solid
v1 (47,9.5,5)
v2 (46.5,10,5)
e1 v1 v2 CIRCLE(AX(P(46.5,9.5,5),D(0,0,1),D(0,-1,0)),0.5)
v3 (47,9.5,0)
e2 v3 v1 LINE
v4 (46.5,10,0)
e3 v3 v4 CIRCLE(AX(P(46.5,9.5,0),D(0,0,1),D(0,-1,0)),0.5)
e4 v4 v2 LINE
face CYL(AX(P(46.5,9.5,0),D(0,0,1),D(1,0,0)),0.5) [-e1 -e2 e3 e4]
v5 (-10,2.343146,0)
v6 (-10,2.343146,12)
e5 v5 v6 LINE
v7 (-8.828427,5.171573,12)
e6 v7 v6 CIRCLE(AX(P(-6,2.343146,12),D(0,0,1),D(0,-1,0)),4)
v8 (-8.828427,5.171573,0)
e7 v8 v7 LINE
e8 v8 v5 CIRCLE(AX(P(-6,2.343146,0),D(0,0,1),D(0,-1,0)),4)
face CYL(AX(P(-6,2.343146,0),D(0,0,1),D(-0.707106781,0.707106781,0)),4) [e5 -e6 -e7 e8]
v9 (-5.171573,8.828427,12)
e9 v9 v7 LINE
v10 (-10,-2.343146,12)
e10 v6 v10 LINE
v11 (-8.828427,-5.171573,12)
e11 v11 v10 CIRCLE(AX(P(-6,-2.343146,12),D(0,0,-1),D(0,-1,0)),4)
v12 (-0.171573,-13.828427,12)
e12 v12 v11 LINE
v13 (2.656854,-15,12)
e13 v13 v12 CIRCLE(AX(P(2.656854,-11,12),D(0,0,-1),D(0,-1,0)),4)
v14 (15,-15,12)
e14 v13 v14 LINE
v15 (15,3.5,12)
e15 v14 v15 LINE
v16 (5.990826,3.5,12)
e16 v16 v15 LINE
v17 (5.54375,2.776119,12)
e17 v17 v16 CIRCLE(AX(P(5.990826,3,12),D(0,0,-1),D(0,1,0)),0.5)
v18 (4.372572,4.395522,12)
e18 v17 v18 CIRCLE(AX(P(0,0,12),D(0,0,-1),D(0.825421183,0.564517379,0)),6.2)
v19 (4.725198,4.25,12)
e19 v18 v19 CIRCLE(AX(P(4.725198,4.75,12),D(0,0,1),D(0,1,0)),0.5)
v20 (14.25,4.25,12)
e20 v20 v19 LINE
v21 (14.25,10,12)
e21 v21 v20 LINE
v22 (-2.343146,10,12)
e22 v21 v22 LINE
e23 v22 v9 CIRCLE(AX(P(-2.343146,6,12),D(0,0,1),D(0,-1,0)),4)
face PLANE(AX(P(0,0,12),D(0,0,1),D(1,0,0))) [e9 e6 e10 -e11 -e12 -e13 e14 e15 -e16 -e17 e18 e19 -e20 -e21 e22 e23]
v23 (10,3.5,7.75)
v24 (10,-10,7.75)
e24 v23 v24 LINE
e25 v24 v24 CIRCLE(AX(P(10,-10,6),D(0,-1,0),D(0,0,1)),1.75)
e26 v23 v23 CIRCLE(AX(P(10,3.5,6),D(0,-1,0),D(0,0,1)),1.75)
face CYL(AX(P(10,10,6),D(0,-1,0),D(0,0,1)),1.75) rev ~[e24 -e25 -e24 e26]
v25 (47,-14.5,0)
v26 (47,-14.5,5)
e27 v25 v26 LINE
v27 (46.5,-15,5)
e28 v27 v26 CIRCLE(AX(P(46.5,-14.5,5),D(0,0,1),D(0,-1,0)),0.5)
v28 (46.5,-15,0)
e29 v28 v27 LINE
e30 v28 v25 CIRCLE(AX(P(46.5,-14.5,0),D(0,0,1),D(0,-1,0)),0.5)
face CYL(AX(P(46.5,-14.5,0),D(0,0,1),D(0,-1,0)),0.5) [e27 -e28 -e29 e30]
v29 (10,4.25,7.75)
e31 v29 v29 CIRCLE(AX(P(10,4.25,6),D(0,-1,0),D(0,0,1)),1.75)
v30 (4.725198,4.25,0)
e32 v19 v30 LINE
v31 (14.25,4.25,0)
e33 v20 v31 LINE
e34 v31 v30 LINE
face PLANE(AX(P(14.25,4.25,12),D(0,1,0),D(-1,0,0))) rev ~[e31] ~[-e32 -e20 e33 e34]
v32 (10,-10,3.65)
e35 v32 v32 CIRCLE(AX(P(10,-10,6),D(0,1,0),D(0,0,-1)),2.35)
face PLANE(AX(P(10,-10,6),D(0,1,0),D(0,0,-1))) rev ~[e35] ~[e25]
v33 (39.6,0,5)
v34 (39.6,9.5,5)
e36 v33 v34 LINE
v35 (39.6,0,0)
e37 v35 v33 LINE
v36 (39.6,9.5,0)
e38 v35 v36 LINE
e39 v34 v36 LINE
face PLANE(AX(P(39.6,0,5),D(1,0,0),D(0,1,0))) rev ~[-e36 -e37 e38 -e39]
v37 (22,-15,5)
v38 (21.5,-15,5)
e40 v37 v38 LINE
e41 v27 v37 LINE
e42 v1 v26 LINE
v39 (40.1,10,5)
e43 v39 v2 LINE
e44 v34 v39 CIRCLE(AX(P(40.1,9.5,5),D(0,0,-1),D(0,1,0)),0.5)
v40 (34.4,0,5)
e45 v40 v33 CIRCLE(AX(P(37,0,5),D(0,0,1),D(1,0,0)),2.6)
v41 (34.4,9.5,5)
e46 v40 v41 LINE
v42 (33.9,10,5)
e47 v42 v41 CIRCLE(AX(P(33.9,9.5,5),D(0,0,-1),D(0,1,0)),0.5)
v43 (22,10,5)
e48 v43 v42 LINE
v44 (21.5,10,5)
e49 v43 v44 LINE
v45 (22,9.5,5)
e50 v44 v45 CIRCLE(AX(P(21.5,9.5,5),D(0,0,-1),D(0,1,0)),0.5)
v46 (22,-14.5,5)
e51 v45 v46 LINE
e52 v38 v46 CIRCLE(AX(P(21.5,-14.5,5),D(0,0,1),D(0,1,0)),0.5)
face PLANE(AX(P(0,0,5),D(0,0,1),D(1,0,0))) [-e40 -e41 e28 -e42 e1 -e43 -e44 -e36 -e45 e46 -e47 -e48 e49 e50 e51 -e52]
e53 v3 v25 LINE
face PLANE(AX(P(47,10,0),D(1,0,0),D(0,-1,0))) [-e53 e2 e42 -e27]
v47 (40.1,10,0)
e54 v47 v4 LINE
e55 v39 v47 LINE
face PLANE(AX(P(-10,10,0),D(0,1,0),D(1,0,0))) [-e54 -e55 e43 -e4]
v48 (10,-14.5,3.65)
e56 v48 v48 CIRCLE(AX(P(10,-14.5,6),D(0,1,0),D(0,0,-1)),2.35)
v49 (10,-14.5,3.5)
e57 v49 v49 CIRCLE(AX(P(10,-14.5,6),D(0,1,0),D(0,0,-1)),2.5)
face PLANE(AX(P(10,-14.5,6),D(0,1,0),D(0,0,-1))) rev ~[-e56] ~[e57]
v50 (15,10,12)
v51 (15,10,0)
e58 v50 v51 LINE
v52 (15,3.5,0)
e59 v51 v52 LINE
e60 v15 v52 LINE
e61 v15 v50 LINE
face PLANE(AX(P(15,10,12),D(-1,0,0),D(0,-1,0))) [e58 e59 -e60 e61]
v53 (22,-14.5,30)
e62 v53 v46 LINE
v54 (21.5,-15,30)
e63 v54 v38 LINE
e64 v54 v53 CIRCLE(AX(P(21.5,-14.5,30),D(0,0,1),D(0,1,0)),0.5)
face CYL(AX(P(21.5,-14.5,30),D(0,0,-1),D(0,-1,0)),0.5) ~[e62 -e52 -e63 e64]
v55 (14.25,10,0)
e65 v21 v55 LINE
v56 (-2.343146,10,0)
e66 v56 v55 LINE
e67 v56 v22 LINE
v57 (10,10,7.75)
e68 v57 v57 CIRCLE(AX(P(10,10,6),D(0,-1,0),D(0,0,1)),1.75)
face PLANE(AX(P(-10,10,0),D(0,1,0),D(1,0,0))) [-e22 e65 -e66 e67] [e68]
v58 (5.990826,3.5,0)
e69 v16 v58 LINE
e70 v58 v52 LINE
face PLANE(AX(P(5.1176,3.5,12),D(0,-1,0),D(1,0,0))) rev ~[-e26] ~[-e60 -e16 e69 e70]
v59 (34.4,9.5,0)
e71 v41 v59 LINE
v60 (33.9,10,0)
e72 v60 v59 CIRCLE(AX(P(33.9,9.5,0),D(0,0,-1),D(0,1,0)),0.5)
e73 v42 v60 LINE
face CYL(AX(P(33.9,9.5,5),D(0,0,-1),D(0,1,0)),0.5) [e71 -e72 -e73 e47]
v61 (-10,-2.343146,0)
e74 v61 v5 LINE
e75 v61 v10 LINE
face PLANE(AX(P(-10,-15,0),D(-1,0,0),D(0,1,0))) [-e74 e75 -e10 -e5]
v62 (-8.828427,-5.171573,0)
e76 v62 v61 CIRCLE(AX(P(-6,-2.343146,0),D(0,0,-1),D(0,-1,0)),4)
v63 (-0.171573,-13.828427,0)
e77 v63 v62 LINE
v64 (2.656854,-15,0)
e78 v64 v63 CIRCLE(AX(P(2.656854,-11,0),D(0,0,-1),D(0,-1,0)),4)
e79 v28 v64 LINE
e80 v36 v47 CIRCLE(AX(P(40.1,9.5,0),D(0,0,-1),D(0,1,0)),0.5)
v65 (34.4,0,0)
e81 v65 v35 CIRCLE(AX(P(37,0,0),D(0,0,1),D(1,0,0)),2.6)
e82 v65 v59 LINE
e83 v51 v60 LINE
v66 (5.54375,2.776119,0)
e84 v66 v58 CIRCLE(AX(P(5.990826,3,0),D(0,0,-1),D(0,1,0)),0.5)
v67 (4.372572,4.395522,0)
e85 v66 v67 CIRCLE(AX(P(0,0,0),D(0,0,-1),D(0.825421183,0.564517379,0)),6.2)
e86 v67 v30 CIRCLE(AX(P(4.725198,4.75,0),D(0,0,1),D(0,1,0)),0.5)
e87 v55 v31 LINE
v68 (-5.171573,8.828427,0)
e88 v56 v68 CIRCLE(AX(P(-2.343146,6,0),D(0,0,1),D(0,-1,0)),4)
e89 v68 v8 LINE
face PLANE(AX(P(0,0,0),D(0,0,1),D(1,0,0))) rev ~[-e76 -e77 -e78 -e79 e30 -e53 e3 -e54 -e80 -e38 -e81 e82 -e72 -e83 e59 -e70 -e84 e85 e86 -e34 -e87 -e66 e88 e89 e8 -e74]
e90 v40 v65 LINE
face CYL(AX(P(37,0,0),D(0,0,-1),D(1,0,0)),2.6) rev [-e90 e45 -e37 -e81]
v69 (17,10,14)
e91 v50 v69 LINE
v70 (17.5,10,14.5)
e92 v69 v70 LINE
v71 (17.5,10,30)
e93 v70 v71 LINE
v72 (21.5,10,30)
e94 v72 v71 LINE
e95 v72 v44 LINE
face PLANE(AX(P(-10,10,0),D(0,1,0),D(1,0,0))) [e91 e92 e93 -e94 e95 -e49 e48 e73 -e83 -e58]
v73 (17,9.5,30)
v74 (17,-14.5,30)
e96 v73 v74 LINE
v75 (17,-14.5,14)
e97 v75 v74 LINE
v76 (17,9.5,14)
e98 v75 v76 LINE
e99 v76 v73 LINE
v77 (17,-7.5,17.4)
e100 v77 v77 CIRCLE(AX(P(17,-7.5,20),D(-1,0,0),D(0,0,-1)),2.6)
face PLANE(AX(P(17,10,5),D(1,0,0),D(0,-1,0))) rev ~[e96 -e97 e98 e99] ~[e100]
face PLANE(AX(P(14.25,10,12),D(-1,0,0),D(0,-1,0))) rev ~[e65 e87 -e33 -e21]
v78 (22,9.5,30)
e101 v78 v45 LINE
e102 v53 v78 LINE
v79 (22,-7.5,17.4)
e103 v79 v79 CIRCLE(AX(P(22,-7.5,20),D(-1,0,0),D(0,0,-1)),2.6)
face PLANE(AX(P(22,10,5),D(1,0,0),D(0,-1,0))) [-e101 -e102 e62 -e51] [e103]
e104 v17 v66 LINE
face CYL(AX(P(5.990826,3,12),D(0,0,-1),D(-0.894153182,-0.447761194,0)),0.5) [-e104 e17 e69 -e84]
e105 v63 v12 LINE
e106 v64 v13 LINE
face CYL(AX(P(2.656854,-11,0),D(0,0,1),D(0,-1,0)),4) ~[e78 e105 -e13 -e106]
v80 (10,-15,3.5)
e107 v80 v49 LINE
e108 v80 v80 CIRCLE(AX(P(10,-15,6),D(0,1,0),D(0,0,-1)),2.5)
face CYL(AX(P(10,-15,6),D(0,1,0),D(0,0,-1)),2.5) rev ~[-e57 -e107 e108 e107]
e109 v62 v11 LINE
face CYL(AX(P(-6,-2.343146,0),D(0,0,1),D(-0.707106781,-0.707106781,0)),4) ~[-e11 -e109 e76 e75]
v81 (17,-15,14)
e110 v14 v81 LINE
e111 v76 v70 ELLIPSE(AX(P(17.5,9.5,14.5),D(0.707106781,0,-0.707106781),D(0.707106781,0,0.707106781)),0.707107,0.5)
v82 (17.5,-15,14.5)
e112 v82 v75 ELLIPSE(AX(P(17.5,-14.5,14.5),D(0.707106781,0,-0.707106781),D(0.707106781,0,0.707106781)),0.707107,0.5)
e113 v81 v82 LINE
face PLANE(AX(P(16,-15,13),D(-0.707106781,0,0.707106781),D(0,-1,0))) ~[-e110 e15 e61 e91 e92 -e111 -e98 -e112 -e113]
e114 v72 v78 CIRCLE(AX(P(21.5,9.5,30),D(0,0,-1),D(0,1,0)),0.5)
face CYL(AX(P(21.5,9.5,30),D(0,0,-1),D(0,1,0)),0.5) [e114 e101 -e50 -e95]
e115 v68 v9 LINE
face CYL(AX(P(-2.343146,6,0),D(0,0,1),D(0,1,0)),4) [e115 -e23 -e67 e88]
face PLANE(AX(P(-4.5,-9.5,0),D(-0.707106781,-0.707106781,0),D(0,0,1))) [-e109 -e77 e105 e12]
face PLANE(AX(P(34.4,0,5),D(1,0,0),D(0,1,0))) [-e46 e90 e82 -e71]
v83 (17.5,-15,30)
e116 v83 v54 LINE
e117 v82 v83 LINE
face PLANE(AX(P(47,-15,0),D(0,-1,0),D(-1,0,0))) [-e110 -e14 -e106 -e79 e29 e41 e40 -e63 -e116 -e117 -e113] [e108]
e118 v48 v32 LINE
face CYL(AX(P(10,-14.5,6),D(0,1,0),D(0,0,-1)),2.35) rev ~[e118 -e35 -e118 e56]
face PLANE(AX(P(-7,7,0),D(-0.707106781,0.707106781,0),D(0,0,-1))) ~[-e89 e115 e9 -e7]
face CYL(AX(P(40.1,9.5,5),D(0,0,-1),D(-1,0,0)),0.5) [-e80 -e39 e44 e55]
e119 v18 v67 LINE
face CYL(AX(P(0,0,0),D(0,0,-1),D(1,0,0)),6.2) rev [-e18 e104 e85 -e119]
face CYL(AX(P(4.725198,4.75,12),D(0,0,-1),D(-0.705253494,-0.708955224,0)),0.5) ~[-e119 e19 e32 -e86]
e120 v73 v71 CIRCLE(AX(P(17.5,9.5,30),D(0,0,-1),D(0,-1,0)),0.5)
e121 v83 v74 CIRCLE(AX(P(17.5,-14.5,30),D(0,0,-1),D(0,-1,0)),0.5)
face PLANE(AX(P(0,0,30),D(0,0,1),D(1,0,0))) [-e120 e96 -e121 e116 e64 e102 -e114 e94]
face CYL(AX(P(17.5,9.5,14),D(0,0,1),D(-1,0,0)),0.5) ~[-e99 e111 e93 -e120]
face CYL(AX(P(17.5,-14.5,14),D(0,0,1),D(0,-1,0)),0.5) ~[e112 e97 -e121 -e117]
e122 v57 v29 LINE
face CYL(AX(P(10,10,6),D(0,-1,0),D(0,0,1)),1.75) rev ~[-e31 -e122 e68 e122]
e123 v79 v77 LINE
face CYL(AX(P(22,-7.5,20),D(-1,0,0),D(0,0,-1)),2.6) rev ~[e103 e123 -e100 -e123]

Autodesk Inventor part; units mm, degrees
ref_plane "YZ Plane" through (0, 0, 0) normal (1, 0, 0) x (0, 1, 0)
ref_plane "XZ Plane" through (0, 0, 0) normal (0, 1, 0) x (-1, 0, 0)
ref_plane "XY Plane" through (0, 0, 0) normal (0, 0, 1) x (1, 0, 0)
sketch "Sketch1" plane through (0, 0, 0) normal (0, 0, 1) x (1, 0, 0)
  circle A0 centre (0, 0) radius 6.2
  line L0 (0, 0) -> (83.2978, 0) construction
  circle A1 centre (37, 0) radius 2.6
  line L1 (-10, 10) -> (47, 10)
  line L2 (47, 10) -> (47, -15)
  line L3 (47, -15) -> (-10, -15)
  line L4 (-10, -15) -> (-10, 10)
  line L5 (22, 29.5766) -> (22, -18.8569) construction
  dimension "d0" = 12.4
  dimension "d1" = 5.2
  dimension "d2" = 37
  dimension "d3" = 10
  dimension "d4" = 15
  dimension "d5" = 10
  dimension "d6" = 22
  dimension "d7" = 25
extrude "Extrusion1" add sketch "Sketch1" along normal blind 5
sketch "Sketch2" plane through (0, 0, 5) normal (0, 0, 1) x (1, 0, 0)
  circle A0 centre (0, 0) radius 6.2 projected
  circle A1 centre (37, 0) radius 2.6 projected
  line L0 (47, 10) -> (-10, 10) projected
  line L1 (-10, 10) -> (-10, -15) projected
  line L2 (-10, -15) -> (47, -15) projected
  line L3 (47, -15) -> (47, 10) projected
  line L4 (22, 10) -> (22, -15)
  dimension "d10" = 22
extrude "Extrusion2" add sketch "Sketch2" along normal blind 7 contours L4 L2 L1 L0
sketch "Sketch3" plane through (0, 0, 12) normal (0, 0, 1) x (1, 0, 0)
  point P0 (0, 0)
sketch "Sketch4" plane through (0, 0, 5) normal (0, 0, 1) x (1, 0, 0)
  circle A0 centre (0, 0) radius 6.2 projected
  line L0 (-10, 10) -> (-10, -15) projected
  line L1 (-10, -15) -> (22, -15) projected
  line L2 (22, -15) -> (22, 10) projected
  line L3 (22, 10) -> (-10, 10) projected
  line L4 (22, 10) -> (17, 10)
  line L5 (17, 10) -> (17, -15)
  line L6 (17, -15) -> (22, -15)
  line L7 (22, -15) -> (22, 10)
  dimension "d13" = 5
extrude "Extrusion3" add sketch "Sketch4" along normal blind 25 contours L3 L2 L1 L5
chamfer "Chamfer1" distance 6 angle 45 1 edges at (-10, 10, 6)
chamfer "Chamfer2" distance 2 angle 45 1 edges at (17, -2.5, 12)
chamfer "Chamfer3" distance 11 angle 45 1 edges at (-10, -15, 6)
sketch "Sketch5" plane through (22, -15, 5) normal (1, 0, 0) x (0, 0, -1)
  line L0 (0, 25) -> (0, 0) construction
  line L1 (-9, 0) -> (-25, 0) projected
  point P0 (5, 15)
  point P1 (-15, 7.5)
  dimension "d22" = 15
  dimension "d62" = 7.5
hole "Hole1" at (22, -7.5, 20) direction (-1, 0, 0) diameter 5.2 end through all
sketch "Sketch6" plane through (0, 0, 5) normal (0, 0, 1) x (1, 0, 0)
  line L0 (22, 10) -> (22, -15) projected
  line L1 (22, -15) -> (47, -15) projected
  line L2 (47, -15) -> (47, 10) projected
  line L3 (47, 10) -> (22, 10) projected
  circle A0 centre (37, 0) radius 2.6 projected
  line L4 (39.6, 0) -> (39.6, 10)
  circle A1 centre (37, 0) radius 2.6 projected
  line L5 (34.4, 0) -> (34.4, 10)
  line L6 (-4, 10) -> (47, 10) projected
  circle A2 centre (37, 0) radius 2.6 projected
  point P0 (0, 0)
extrude "Extrusion4" cut sketch "Sketch6" against normal through all contours L3 L4 A0 L5
sketch "Sketch7" plane through (0, 0, 12) normal (0, 0, 1) x (1, 0, 0)
  line L0 (15, 10) -> (15, -15) projected
  line L1 (15, 10) -> (-4, 10) projected
  line L2 (-10, 4) -> (-4, 10) projected
  line L3 (-10, 4) -> (-10, -4) projected
  line L4 (1, -15) -> (15, -15) projected
  circle A0 centre (0, 0) radius 6.2 projected
  line L5 (14.25, 10) -> (14.25, 4.25)
  line L6 (14.25, 4.25) -> (4.5141, 4.25)
  line L7 (5.1176, 3.5) -> (15, 3.5)
  line L8 (1, -15) -> (-10, -4) projected
  dimension "d33" = 0.75
  dimension "d34" = 0.75
  dimension "d35" = 3.5
extrude "Extrusion5" cut sketch "Sketch7" against normal through all contours L0 L7 A0 L6 L5 L1
fillet "Fillet1" radius 0.5 1 edges at (5.1176, 3.5, 6)
fillet "Fillet2" radius 0.5 1 edges at (4.5141, 4.25, 6)
sketch "Sketch8" plane through (-4, 10, 12) normal (0, 1, 0) x (1, 0, 0)
  line L0 (18.25, 0) -> (18.25, 12) projected
  line L1 (0, 12) -> (18.25, 12) projected
  line L2 (0, 0) -> (0, 12) projected
  line L3 (18.25, 0) -> (0, 0) projected
  point P0 (4, 12)
  point P1 (14, 6)
  dimension "d40" = 10
  dimension "d41" = 6
hole "Hole2" at (10, 10, 6) direction (0, -1, 0) diameter 3.5 end through all
sketch "Sketch9" plane through (47, -15, 0) normal (0, -1, 0) x (1, 0, 0)
  circle A0 centre (-37, 6) radius 1.75 projected
  circle A1 centre (-37, 6) radius 1.75 projected
  point P0 (-47, 0)
  point P1 (-37, 6)
hole "Hole3" at (10, -15, 6) direction (0, 1, 0) diameter 4.7 depth 5 counterbore diameter 5 counterbore depth 0.5
fillet "Fillet4" radius 0.5 8 edges at (34.4, 10, 2.5) (39.6, 10, 2.5) (47, 10, 2.5) (47, -15, 2.5) (22, 10, 17.5) (17, 10, 22) (22, -15, 17.5) (17, -15, 22)
fillet "Fillet5" radius 4 4 edges at (-4, 10, 6) (-10, 4, 6) (-10, -4, 6) (1, -15, 6)
properties part number "Z Axis Linear Rail Bracket - Left 1.0" material "PC/ABS Plastic"
